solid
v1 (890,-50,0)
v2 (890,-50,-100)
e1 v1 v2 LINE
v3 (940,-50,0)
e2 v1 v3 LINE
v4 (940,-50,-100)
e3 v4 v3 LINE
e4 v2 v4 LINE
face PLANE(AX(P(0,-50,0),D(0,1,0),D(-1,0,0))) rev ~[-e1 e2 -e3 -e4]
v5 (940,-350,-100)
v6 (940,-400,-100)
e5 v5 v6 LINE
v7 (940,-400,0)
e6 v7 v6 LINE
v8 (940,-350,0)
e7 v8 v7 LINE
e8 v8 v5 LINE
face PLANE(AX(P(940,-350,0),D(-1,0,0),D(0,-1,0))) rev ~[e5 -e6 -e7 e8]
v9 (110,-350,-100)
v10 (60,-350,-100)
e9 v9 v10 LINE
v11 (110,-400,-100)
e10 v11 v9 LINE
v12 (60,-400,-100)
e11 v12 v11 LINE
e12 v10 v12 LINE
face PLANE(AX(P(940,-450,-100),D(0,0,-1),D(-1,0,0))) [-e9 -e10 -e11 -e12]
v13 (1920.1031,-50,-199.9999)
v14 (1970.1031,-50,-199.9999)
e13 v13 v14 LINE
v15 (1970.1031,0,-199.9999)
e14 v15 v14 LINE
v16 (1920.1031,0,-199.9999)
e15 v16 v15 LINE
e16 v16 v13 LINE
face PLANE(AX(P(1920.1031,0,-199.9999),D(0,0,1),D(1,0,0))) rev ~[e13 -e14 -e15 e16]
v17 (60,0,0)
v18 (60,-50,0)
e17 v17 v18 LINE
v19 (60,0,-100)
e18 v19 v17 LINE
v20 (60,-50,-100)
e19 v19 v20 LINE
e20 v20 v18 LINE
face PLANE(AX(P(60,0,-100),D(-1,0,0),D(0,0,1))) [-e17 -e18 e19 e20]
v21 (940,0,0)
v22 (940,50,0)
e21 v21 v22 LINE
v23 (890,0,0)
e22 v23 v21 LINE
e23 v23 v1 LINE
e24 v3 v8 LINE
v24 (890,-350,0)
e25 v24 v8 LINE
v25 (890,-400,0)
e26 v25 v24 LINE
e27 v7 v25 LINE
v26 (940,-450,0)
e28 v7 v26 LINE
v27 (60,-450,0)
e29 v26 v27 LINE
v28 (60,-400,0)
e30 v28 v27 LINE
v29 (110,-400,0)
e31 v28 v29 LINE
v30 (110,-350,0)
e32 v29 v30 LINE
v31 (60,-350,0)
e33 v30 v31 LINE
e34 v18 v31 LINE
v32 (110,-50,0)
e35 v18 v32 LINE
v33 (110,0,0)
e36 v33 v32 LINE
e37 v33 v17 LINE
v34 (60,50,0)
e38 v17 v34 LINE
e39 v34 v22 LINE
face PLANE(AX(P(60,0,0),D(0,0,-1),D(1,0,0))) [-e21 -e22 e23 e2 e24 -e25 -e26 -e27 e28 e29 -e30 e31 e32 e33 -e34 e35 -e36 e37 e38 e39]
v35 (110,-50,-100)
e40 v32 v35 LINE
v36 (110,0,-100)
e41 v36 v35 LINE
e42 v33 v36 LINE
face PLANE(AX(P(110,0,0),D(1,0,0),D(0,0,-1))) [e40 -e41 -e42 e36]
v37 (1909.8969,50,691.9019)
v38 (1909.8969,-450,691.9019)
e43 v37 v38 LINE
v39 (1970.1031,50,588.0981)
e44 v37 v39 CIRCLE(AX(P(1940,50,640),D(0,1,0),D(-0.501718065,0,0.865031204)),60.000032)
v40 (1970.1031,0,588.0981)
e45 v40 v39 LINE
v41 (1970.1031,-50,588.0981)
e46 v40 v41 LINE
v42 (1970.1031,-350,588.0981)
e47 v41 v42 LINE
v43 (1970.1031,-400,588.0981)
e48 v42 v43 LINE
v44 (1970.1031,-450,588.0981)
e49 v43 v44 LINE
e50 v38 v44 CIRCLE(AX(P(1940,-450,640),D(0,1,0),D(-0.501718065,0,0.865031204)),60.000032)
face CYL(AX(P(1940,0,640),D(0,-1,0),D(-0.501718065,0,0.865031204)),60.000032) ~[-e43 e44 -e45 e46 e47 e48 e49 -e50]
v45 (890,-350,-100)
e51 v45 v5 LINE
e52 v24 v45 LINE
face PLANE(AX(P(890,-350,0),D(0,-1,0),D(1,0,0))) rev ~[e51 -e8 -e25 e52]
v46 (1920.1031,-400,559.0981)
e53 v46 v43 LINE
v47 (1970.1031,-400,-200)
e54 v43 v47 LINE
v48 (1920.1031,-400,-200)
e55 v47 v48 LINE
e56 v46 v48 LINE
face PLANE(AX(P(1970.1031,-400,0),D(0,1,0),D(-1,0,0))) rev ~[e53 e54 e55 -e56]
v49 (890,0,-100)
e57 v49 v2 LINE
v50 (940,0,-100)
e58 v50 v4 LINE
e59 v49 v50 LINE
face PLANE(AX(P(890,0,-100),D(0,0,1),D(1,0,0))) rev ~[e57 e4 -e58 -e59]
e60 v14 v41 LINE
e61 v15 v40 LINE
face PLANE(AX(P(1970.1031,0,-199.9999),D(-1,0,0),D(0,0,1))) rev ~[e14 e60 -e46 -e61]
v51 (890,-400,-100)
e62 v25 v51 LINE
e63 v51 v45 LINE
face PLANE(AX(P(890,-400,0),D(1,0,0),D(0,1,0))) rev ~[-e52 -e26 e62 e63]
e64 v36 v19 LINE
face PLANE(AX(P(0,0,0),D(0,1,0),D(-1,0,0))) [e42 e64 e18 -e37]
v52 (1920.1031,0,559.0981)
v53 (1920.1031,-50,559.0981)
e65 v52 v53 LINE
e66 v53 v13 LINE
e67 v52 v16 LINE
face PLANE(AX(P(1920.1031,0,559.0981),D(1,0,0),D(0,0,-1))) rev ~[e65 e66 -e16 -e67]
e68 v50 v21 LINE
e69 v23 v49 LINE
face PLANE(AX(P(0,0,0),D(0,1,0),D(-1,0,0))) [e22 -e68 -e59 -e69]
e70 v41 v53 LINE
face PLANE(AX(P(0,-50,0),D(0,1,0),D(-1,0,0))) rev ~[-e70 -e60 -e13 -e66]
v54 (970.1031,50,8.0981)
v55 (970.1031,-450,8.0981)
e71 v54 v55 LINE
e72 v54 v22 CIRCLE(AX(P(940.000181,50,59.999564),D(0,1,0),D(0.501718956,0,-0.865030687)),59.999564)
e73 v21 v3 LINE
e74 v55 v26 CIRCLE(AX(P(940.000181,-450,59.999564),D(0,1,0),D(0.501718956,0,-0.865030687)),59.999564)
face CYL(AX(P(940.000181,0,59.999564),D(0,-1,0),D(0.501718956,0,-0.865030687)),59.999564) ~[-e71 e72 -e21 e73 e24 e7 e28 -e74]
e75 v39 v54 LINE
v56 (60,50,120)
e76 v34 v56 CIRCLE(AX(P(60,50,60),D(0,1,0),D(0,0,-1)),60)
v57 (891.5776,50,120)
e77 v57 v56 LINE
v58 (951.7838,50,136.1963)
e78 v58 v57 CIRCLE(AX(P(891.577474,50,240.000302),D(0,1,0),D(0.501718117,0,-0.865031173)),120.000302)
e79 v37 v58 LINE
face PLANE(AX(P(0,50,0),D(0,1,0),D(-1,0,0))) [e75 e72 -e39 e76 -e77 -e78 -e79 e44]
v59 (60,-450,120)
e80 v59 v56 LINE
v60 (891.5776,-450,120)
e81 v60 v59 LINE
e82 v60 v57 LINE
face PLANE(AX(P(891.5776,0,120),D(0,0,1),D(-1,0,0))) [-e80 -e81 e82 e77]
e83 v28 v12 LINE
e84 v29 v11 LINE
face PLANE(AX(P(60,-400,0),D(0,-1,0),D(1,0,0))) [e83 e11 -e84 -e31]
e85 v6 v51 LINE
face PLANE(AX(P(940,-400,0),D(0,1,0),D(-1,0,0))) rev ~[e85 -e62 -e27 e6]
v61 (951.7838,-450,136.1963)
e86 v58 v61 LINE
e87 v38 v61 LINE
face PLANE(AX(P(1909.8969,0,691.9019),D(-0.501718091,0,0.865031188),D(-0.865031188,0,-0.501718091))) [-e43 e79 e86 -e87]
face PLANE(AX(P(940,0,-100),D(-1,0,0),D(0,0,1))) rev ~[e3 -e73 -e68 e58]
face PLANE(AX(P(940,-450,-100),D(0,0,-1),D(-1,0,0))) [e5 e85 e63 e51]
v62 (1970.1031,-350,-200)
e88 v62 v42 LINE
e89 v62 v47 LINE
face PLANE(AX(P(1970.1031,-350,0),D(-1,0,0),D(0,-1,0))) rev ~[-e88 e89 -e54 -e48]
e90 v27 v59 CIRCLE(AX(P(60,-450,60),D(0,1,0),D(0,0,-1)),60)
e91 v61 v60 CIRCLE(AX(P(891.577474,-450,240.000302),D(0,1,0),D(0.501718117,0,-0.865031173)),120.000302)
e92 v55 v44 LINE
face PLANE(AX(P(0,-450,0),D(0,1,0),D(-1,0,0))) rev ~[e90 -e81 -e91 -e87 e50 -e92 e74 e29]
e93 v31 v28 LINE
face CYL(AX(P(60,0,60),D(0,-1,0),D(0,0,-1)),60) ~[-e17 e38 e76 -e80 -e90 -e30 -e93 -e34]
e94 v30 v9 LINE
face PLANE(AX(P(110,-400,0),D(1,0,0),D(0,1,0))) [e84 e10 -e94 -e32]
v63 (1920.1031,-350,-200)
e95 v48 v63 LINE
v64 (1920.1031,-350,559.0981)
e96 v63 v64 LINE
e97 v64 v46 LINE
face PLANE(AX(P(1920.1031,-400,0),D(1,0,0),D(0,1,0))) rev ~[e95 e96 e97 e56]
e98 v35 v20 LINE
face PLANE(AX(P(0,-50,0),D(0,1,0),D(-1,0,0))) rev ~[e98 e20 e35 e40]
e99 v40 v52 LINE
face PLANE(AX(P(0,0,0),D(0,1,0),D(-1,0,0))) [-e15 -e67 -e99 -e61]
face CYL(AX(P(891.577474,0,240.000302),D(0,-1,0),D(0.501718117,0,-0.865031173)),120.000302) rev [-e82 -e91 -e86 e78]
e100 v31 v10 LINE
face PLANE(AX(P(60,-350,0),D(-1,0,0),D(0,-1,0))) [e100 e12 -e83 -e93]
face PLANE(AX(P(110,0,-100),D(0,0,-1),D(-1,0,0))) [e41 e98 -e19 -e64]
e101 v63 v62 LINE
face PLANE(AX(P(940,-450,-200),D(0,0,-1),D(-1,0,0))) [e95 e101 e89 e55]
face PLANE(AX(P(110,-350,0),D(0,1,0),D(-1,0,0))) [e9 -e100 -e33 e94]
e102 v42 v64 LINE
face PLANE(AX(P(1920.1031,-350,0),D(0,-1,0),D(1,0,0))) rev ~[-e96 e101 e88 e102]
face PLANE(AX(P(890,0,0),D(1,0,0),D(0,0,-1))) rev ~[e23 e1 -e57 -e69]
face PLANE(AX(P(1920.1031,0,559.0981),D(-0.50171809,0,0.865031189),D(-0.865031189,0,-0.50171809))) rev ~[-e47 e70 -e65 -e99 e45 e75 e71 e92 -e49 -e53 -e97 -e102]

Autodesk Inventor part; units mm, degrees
ref_plane "YZ Plane" through (0, 0, 0) normal (1, 0, 0) x (0, 1, 0)
ref_plane "XZ Plane" through (0, 0, 0) normal (0, 1, 0) x (-1, 0, 0)
ref_plane "XY Plane" through (0, 0, 0) normal (0, 0, 1) x (1, 0, 0)
sketch "Sketch1" plane through (0, 0, 0) normal (0, 1, 0) x (-1, 0, 0)
  line L0 (-60, 0) -> (-940, 0)
  line L1 (-891.5776, 120) -> (-60, 120)
  arc A0 (-60, 0) -> (-60, 120) centre (-60, 60) ccw
  line L2 (-60, 0) -> (-90, 0)
  arc A1 (-1909.8969, 691.9019) -> (-1970.1031, 588.0981) centre (-1940, 640) ccw
  line L3 (-1909.8969, 691.9019) -> (-951.7838, 136.1963)
  line L4 (-1970.1031, 588.0981) -> (-970.1031, 8.0981)
  arc A2 (-951.7838, 136.1963) -> (-891.5776, 120) centre (-891.5776, 240) ccw
  arc A3 (-970.1031, 8.0981) -> (-940, 0) centre (-940, 60) ccw
  line L5 (-60, 0) -> (-110, 0)
  line L6 (-110, 0) -> (-110, -100)
  line L7 (-110, -100) -> (-60, -100)
  line L8 (-60, -100) -> (-60, 0)
  line L9 (-940, 0) -> (-890, 0)
  line L10 (-890, 0) -> (-890, -100)
  line L11 (-890, -100) -> (-940, -100)
  line L12 (-940, -100) -> (-940, 0)
  line L13 (-1920.1031, 559.0981) -> (-1920.1031, -199.9999)
  line L14 (-1920.1031, -199.9999) -> (-1970.1031, -199.9999)
  line L15 (-1970.1031, -199.9999) -> (-1970.1031, 588.0981)
  point P0 (0, 0)
  dimension "d9" = 120
  dimension "d10" = 50
  dimension "d11" = 100
  dimension "d12" = 50
  dimension "d13" = 100
  dimension "d16" = 50
extrude "Extrusion1" add sketch "Sketch1" against normal blind 50 contours L8 L7 L6 L0 | L10 L11 L12 L0 | L4 L13 L14 L15
extrude "Extrusion2" add sketch "Sketch1" against normal blind 450 contours L0 A3 L4 A1 L3 A2 L1 A0
extrude "Extrusion3" add sketch "Sketch1" along normal blind 50 contours L0 A3 L4 A1 L3 A2 L1 A0
sketch "Sketch2" plane through (940, -450, 0) normal (0, 0, -1) x (-1, 0, 0)
  line L0 (880, 400) -> (880, 0) projected
  line L1 (880, 50) -> (830, 50)
  line L2 (830, 50) -> (830, 100)
  line L3 (830, 100) -> (880, 100)
  line L4 (880, 100) -> (880, 50)
  line L5 (0, 400) -> (0, 0) projected
  line L6 (0, 50) -> (50, 50)
  line L7 (50, 50) -> (50, 100)
  line L8 (50, 100) -> (0, 100)
  line L9 (0, 100) -> (0, 50)
  line L10 (-1030.1031, 50) -> (-980.1031, 50)
  line L11 (-980.1031, 50) -> (-980.1031, 100)
  line L12 (-980.1031, 100) -> (-1030.1031, 100)
  line L13 (-1030.1031, 100) -> (-1030.1031, 50)
  point P0 (940, 450)
  dimension "d24" = 50
  dimension "d25" = 50
  dimension "d26" = 50
  dimension "d27" = 50
  dimension "d28" = 50
  dimension "d29" = 50
extrude "Extrusion4" add sketch "Sketch2" along normal blind 100 contours L0 L1 L2 L3 | L8 L7 L6 L5
extrude "Extrusion5" add sketch "Sketch2" along normal blind 200 contours L13 L12 L11 L10
extrude "Extrusion6" add sketch "Sketch2" against normal blind 600 contours L13 L12 L11 L10
properties part number "FirstConveyor"
